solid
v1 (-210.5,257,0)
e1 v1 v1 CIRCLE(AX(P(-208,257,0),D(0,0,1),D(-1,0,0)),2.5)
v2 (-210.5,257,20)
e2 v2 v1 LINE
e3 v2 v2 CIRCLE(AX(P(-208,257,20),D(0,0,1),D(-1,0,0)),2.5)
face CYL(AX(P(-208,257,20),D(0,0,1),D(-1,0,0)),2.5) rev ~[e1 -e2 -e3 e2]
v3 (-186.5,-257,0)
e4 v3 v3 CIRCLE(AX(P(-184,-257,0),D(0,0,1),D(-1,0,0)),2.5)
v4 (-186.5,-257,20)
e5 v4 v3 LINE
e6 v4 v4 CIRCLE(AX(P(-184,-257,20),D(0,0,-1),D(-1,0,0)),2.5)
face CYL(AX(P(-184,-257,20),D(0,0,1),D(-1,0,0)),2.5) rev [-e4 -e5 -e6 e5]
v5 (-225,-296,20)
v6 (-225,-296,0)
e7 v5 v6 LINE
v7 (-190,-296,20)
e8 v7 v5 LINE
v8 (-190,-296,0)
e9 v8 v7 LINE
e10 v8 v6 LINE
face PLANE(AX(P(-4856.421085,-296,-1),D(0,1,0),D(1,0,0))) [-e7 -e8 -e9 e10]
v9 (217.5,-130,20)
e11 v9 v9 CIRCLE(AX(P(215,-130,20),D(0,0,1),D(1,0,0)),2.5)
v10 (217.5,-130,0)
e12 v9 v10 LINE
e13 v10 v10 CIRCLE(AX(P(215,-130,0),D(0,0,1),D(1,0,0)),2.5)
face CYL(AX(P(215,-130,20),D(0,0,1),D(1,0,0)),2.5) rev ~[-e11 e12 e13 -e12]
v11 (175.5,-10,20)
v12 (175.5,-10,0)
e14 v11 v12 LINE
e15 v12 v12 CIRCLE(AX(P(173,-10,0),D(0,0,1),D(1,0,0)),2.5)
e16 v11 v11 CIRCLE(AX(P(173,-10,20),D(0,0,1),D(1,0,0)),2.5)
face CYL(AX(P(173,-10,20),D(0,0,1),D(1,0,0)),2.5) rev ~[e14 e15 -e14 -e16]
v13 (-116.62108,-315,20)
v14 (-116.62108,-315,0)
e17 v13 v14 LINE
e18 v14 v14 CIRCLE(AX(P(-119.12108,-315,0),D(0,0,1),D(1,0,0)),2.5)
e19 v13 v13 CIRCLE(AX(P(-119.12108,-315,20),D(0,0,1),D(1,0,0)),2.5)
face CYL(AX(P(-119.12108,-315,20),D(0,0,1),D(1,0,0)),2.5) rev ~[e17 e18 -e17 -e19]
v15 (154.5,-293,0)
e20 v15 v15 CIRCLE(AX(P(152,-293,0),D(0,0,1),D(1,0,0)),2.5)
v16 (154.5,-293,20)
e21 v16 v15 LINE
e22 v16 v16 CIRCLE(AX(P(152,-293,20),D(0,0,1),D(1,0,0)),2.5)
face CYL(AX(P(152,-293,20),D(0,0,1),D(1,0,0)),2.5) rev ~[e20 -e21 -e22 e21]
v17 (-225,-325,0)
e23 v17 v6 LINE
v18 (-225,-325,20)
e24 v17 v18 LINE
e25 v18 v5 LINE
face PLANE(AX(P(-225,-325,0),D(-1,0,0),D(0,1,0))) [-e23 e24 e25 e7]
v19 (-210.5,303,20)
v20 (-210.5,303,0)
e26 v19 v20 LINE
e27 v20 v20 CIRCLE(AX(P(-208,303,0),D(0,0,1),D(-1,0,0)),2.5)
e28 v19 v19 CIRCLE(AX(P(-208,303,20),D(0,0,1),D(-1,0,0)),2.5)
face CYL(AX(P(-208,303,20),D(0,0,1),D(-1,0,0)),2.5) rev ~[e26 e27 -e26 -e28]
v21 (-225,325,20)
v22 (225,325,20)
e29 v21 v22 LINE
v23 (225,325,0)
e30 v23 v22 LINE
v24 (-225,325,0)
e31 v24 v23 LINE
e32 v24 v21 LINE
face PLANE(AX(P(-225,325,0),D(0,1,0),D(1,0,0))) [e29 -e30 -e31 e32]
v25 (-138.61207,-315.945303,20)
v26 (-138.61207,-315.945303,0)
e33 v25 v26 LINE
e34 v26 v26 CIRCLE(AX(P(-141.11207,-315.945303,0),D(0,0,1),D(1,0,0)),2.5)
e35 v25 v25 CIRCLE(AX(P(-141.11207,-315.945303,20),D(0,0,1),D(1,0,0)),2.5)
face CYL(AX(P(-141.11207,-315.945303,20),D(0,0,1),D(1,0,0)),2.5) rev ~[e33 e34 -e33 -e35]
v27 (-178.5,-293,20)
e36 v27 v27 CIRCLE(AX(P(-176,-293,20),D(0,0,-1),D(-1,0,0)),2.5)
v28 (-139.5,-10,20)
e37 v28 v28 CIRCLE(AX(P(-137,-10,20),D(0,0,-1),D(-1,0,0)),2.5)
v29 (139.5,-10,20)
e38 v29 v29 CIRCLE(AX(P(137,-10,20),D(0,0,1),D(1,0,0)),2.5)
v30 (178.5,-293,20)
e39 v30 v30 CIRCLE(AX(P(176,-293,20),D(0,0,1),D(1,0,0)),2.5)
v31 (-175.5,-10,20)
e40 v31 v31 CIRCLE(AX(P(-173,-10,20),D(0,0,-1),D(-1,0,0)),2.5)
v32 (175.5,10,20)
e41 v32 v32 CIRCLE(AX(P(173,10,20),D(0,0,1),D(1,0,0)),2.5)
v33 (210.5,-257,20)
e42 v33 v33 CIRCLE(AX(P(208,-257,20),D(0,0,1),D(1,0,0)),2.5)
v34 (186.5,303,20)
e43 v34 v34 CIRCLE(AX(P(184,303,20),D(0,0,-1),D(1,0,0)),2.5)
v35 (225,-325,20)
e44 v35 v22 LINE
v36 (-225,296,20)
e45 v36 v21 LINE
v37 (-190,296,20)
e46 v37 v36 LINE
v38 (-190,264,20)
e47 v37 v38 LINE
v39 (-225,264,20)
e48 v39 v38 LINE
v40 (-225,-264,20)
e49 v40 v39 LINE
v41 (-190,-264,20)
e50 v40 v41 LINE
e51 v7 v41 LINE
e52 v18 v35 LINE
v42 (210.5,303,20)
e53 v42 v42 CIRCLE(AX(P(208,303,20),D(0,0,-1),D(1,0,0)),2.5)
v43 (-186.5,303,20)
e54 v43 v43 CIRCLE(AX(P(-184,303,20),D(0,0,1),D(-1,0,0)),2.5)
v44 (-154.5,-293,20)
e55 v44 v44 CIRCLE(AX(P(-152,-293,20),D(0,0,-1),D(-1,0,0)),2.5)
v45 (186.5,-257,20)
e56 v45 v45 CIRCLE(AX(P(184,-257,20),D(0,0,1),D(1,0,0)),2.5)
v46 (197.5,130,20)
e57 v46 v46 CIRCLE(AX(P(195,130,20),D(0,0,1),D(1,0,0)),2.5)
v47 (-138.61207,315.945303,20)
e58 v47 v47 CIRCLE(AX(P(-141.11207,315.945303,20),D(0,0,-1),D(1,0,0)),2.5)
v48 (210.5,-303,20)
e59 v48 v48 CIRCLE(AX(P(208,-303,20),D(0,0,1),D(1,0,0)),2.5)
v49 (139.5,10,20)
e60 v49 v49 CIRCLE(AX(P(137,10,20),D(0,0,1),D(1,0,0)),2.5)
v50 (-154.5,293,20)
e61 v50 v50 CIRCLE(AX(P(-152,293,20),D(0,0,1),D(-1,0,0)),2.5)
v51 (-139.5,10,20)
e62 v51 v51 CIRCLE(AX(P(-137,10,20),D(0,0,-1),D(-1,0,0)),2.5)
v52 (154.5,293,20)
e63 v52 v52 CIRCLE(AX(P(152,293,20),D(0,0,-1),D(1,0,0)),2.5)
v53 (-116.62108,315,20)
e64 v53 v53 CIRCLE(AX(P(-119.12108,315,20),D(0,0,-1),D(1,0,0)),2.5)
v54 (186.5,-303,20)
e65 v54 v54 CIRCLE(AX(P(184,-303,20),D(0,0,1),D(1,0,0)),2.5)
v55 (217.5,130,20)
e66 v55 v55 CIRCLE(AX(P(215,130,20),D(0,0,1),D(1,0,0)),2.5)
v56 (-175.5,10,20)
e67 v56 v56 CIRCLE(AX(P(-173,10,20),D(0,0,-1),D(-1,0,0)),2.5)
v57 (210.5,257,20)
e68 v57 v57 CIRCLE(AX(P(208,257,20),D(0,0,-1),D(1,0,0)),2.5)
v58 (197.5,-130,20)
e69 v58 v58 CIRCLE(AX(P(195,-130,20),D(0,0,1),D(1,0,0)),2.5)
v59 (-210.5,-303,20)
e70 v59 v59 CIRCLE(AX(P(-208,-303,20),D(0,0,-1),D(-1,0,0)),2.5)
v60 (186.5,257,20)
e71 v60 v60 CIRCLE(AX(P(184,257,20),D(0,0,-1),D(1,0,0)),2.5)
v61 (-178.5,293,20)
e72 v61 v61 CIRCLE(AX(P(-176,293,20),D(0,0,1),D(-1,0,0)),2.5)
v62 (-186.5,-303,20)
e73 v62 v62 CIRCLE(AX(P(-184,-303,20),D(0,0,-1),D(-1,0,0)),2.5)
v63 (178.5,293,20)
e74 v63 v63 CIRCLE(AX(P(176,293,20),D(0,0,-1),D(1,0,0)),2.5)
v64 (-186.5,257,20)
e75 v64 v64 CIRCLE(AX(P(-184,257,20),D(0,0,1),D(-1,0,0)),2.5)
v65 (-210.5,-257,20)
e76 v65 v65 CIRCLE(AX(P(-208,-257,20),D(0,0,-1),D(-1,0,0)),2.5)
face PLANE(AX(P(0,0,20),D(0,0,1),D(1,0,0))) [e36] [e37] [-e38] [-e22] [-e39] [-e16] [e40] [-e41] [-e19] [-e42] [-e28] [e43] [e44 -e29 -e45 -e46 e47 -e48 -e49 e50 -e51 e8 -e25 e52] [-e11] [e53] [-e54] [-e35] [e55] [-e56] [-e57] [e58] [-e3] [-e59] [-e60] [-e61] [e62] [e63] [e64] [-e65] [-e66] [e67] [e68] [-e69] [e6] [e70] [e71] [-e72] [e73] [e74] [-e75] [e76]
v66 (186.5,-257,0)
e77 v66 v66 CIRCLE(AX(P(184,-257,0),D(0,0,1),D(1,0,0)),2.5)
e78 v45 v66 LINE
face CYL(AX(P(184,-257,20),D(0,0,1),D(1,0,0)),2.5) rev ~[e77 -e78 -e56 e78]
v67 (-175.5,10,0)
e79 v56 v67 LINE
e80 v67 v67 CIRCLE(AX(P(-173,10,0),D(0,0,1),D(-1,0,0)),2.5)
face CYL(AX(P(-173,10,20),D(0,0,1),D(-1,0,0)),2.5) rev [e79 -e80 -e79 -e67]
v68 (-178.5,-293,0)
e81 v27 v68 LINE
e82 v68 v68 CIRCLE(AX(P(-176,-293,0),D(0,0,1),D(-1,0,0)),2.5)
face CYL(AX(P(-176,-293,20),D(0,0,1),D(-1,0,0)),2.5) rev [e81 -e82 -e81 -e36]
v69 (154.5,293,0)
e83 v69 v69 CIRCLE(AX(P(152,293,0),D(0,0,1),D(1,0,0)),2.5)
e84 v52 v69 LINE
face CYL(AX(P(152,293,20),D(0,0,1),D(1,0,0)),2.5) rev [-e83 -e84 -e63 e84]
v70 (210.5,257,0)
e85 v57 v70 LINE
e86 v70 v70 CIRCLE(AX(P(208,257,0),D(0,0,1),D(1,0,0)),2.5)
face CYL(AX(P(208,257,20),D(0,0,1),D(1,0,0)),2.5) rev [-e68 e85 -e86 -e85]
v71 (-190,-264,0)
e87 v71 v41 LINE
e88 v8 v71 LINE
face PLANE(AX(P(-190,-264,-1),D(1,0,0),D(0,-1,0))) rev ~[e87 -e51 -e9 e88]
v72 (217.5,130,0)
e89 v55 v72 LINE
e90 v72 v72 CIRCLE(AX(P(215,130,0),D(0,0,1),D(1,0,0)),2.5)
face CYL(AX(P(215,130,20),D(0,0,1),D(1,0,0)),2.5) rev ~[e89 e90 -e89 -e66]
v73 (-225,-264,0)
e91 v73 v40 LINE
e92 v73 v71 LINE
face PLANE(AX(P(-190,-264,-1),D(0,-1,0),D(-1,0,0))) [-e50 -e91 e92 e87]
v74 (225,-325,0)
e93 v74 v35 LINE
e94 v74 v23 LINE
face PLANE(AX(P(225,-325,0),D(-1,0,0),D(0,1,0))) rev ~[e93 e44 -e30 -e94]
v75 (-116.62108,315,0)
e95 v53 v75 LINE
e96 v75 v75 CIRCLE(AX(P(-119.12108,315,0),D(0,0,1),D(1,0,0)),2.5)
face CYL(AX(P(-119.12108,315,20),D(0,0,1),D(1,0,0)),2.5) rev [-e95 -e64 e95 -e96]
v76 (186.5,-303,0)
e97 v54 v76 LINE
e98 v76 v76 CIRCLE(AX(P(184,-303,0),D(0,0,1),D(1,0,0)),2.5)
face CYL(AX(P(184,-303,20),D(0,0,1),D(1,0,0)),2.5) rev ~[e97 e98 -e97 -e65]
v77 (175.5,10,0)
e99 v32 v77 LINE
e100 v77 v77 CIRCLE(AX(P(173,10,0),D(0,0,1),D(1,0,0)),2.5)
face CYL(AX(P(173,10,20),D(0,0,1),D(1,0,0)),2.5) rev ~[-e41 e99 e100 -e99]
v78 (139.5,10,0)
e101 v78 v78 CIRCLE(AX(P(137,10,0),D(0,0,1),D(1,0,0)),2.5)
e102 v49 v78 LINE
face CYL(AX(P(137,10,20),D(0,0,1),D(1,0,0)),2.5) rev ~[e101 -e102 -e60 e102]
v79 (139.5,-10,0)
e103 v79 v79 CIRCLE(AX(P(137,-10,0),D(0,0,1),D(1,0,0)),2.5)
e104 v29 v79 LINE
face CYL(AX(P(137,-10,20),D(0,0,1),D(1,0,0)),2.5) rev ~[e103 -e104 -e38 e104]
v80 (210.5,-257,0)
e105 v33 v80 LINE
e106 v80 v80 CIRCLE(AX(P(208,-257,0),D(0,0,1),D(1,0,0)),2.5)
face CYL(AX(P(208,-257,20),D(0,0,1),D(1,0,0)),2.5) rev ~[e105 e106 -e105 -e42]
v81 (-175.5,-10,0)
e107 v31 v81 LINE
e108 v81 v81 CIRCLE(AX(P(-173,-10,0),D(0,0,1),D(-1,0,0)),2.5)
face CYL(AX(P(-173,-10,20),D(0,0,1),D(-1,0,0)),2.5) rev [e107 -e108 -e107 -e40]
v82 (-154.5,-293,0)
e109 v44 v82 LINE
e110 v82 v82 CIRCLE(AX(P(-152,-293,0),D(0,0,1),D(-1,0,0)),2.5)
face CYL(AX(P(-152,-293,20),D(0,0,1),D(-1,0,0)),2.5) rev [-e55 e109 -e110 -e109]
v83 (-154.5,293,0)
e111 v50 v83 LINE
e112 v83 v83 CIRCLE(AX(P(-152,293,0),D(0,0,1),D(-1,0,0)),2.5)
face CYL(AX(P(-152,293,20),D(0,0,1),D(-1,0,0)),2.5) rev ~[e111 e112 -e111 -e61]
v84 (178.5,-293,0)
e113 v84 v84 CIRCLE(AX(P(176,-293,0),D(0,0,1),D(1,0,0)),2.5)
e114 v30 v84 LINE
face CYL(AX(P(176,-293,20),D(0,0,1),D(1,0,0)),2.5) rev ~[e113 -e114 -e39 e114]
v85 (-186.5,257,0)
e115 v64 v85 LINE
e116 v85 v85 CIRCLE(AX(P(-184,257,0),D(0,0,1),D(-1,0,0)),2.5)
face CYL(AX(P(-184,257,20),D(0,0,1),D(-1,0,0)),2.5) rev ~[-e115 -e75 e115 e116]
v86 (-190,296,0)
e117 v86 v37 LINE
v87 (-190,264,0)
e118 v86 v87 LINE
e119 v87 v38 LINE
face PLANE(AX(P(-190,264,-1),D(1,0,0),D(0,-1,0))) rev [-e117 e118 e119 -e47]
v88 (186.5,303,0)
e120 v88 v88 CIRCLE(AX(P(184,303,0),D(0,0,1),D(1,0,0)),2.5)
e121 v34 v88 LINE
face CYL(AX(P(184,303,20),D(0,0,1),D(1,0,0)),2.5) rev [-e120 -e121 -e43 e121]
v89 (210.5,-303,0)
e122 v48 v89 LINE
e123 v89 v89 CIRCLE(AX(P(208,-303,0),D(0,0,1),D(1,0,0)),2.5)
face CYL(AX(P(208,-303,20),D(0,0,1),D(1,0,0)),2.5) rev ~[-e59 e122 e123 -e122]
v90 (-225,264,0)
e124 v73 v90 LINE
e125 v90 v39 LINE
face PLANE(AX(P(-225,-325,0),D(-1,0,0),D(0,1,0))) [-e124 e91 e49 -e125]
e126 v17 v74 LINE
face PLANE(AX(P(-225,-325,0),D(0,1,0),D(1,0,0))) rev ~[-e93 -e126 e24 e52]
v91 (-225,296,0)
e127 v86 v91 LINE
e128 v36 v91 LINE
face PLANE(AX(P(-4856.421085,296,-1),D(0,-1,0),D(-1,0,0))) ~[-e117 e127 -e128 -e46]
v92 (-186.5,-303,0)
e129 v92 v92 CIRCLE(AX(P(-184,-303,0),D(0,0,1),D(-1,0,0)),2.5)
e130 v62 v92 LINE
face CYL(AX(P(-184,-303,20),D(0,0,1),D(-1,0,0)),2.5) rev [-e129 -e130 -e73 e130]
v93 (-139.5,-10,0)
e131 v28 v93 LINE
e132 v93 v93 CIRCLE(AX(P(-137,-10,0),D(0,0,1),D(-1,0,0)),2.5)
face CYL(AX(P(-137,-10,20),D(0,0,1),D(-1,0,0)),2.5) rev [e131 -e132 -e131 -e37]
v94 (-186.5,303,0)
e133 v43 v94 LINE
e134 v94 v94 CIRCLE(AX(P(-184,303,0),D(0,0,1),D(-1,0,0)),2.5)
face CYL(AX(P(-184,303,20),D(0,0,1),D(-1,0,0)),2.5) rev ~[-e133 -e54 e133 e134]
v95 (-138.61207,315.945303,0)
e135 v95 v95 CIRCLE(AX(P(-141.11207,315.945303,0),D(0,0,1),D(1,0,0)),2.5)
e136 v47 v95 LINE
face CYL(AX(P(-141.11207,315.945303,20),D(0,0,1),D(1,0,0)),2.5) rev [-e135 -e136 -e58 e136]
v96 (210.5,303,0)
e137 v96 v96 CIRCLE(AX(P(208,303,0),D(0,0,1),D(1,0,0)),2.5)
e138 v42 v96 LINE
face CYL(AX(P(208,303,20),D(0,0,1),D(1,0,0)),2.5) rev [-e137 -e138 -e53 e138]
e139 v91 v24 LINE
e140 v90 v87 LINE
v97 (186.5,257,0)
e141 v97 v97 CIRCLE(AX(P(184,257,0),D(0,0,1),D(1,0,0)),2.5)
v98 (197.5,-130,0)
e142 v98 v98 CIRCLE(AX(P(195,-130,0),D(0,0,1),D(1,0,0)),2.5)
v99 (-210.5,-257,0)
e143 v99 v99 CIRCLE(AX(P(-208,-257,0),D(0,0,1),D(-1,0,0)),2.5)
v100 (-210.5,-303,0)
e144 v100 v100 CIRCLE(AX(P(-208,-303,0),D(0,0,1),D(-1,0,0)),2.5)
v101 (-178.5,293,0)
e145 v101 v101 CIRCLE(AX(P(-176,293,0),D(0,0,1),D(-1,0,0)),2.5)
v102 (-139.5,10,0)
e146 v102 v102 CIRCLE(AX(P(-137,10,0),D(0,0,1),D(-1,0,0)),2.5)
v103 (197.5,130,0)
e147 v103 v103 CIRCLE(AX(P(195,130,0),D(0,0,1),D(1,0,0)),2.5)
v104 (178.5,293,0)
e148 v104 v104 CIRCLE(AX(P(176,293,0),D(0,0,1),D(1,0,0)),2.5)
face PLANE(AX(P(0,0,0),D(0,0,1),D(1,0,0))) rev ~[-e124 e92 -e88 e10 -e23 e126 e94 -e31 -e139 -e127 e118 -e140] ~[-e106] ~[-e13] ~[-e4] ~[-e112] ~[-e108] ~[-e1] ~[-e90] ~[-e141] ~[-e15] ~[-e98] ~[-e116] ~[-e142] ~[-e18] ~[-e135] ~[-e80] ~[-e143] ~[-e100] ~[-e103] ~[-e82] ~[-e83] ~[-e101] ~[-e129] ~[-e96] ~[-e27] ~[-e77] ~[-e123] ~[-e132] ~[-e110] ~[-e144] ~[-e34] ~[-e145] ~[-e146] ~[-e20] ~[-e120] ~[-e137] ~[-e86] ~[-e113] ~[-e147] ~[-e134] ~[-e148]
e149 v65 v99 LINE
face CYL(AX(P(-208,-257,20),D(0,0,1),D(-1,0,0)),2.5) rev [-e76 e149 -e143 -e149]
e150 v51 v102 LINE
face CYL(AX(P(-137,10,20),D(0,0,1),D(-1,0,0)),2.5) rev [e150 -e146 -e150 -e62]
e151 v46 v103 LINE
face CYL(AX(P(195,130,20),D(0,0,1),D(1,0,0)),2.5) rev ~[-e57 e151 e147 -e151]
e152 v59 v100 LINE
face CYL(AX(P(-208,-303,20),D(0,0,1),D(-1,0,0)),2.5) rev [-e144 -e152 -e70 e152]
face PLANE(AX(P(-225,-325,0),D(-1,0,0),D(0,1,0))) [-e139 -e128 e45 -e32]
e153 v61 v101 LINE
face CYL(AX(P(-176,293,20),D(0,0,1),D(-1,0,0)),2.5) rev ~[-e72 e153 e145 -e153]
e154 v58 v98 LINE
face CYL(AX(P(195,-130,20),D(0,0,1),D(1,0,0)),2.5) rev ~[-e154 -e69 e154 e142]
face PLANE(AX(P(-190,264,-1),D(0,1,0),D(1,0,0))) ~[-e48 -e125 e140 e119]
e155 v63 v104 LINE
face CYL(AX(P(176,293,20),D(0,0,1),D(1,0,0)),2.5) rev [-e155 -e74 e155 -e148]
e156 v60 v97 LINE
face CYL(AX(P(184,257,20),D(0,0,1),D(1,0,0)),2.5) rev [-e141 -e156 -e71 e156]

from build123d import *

# Parameters (mm, degrees)
SKETCH_1_W               = 450
SKETCH_1_H               = 650
EXTRUDE_1_DEPTH          = 20
SKETCH_2_R               = 2.5
CUT_EXTRUDE_1_DEPTH      = 21
SKETCH_3_R               = 2.5
CUT_EXTRUDE_2_DEPTH      = 21
SKETCH_4_R               = 2.5
CUT_EXTRUDE_3_DEPTH      = 21
SKETCH_5_R               = 2.5
CUT_EXTRUDE_4_DEPTH      = 21
MIRROR_6_COPY_1_SKETCH_R = 2.5
MIRROR_6_COPY_1_DEPTH    = 21
MIRROR_6_COPY_2_SKETCH_R = 2.5
MIRROR_6_COPY_2_DEPTH    = 21
CUT_EXTRUDE_START        = -21
CUT_EXTRUDE_5_DEPTH      = 22
SKETCH_7_R               = 2.5
CUT_EXTRUDE_6_DEPTH      = 21
SKETCH_9_R               = 2.5
CUT_EXTRUDE_7_DEPTH      = 21


with BuildPart() as part:
    # 草图1 → 凸台-拉伸1 (new body)
    with BuildSketch(Plane.XY):
        Rectangle(SKETCH_1_W, SKETCH_1_H)
    extrude(amount=EXTRUDE_1_DEPTH)

    # 草图2 → 切除-拉伸1 (cut, through all)
    with BuildSketch(Plane.XY.offset(20)):
        with Locations((137, 10)):
            Circle(SKETCH_2_R)
        with Locations((173, 10)):
            Circle(SKETCH_2_R)
        with Locations((137, -10)):
            Circle(SKETCH_2_R)
        with Locations((173, -10)):
            Circle(SKETCH_2_R)
    cut_extrude_1 = extrude(amount=-CUT_EXTRUDE_1_DEPTH, mode=Mode.SUBTRACT)

    # 草图3 → 切除-拉伸2 (cut, through all)
    with BuildSketch(Plane.XY.offset(20)):
        with Locations((152, -293)):
            Circle(SKETCH_3_R)
        with Locations((176, -293)):
            Circle(SKETCH_3_R)
    cut_extrude_2 = extrude(amount=-CUT_EXTRUDE_2_DEPTH, mode=Mode.SUBTRACT)

    # 草图4 → 切除-拉伸3 (cut, through all)
    with BuildSketch(Plane.XY.offset(20)):
        with Locations((184, -257)):
            Circle(SKETCH_4_R)
        with Locations((208, -257)):
            Circle(SKETCH_4_R)
        with Locations((184, -303)):
            Circle(SKETCH_4_R)
        with Locations((208, -303)):
            Circle(SKETCH_4_R)
    cut_extrude_3 = extrude(amount=-CUT_EXTRUDE_3_DEPTH, mode=Mode.SUBTRACT)

    # 草图5 → 切除-拉伸4 (cut, through all)
    with BuildSketch(Plane.XY.offset(20)):
        with Locations((195, -130)):
            Circle(SKETCH_5_R)
        with Locations((215, -130)):
            Circle(SKETCH_5_R)
        with Locations((195, 130)):
            Circle(SKETCH_5_R)
        with Locations((215, 130)):
            Circle(SKETCH_5_R)
    extrude(amount=-CUT_EXTRUDE_4_DEPTH, mode=Mode.SUBTRACT)

    # 镜向5: 切除-拉伸2, 切除-拉伸3 across plane
    add(cut_extrude_2.mirror(Plane.ZX), mode=Mode.SUBTRACT)
    add(cut_extrude_3.mirror(Plane.ZX), mode=Mode.SUBTRACT)

    # 镜向6: 切除-拉伸1, 切除-拉伸3, 切除-拉伸2 across plane
    add(cut_extrude_1.mirror(Plane(origin=(0, 0, 0), x_dir=(0, 0, 1), z_dir=(1, 0, 0))), mode=Mode.SUBTRACT)
    add(cut_extrude_3.mirror(Plane(origin=(0, 0, 0), x_dir=(0, 0, 1), z_dir=(1, 0, 0))), mode=Mode.SUBTRACT)
    add(cut_extrude_2.mirror(Plane(origin=(0, 0, 0), x_dir=(0, 0, 1), z_dir=(1, 0, 0))), mode=Mode.SUBTRACT)

    # 镜向6 copy 1 sketch → 镜向6 copy 1 (cut, through all)
    with BuildSketch(Plane(origin=(0, 0, 20), x_dir=(-1, 0, 0), z_dir=(0, 0, 1))):
        with Locations((152, -293)):
            Circle(MIRROR_6_COPY_1_SKETCH_R)
        with Locations((176, -293)):
            Circle(MIRROR_6_COPY_1_SKETCH_R)
    extrude(amount=-MIRROR_6_COPY_1_DEPTH, mode=Mode.SUBTRACT)

    # 镜向6 copy 2 sketch → 镜向6 copy 2 (cut, through all)
    with BuildSketch(Plane(origin=(0, 0, 20), x_dir=(-1, 0, 0), z_dir=(0, 0, 1))):
        with Locations((184, -257)):
            Circle(MIRROR_6_COPY_2_SKETCH_R)
        with Locations((208, -257)):
            Circle(MIRROR_6_COPY_2_SKETCH_R)
        with Locations((184, -303)):
            Circle(MIRROR_6_COPY_2_SKETCH_R)
        with Locations((208, -303)):
            Circle(MIRROR_6_COPY_2_SKETCH_R)
    extrude(amount=-MIRROR_6_COPY_2_DEPTH, mode=Mode.SUBTRACT)

    # 草图6 → 切除-拉伸5 (cut)
    with BuildSketch(Plane.XY.offset(20).offset(CUT_EXTRUDE_START)):
        Polygon((-1768.80702828, -264), (-225, -264), (-190, -264), (-190, -296), (-225, -296), (-1768.80702828, -296), (-4856.421084839, -296), (-4856.421084839, -264), align=None)
    cut_extrude_5 = extrude(amount=CUT_EXTRUDE_5_DEPTH, mode=Mode.SUBTRACT)

    # 镜向7: 切除-拉伸5 across plane
    add(cut_extrude_5.mirror(Plane.ZX), mode=Mode.SUBTRACT)

    # 草图7 → 切除-拉伸6 (cut, through all)
    with BuildSketch(Plane.XY.offset(20)):
        with Locations((-119.121080042, -315)):
            Circle(SKETCH_7_R)
    cut_extrude_6 = extrude(amount=-CUT_EXTRUDE_6_DEPTH, mode=Mode.SUBTRACT)

    # 镜向8: 切除-拉伸6 across plane
    add(cut_extrude_6.mirror(Plane.ZX), mode=Mode.SUBTRACT)

    # 草图9 → 切除-拉伸7 (cut, through all)
    with BuildSketch(Plane.XY.offset(20)):
        with Locations((-141.112070247, -315.945303472)):
            Circle(SKETCH_9_R)
    cut_extrude_7 = extrude(amount=-CUT_EXTRUDE_7_DEPTH, mode=Mode.SUBTRACT)

    # 镜向9: 切除-拉伸7 across plane
    add(cut_extrude_7.mirror(Plane.ZX), mode=Mode.SUBTRACT)


solid = part.part
